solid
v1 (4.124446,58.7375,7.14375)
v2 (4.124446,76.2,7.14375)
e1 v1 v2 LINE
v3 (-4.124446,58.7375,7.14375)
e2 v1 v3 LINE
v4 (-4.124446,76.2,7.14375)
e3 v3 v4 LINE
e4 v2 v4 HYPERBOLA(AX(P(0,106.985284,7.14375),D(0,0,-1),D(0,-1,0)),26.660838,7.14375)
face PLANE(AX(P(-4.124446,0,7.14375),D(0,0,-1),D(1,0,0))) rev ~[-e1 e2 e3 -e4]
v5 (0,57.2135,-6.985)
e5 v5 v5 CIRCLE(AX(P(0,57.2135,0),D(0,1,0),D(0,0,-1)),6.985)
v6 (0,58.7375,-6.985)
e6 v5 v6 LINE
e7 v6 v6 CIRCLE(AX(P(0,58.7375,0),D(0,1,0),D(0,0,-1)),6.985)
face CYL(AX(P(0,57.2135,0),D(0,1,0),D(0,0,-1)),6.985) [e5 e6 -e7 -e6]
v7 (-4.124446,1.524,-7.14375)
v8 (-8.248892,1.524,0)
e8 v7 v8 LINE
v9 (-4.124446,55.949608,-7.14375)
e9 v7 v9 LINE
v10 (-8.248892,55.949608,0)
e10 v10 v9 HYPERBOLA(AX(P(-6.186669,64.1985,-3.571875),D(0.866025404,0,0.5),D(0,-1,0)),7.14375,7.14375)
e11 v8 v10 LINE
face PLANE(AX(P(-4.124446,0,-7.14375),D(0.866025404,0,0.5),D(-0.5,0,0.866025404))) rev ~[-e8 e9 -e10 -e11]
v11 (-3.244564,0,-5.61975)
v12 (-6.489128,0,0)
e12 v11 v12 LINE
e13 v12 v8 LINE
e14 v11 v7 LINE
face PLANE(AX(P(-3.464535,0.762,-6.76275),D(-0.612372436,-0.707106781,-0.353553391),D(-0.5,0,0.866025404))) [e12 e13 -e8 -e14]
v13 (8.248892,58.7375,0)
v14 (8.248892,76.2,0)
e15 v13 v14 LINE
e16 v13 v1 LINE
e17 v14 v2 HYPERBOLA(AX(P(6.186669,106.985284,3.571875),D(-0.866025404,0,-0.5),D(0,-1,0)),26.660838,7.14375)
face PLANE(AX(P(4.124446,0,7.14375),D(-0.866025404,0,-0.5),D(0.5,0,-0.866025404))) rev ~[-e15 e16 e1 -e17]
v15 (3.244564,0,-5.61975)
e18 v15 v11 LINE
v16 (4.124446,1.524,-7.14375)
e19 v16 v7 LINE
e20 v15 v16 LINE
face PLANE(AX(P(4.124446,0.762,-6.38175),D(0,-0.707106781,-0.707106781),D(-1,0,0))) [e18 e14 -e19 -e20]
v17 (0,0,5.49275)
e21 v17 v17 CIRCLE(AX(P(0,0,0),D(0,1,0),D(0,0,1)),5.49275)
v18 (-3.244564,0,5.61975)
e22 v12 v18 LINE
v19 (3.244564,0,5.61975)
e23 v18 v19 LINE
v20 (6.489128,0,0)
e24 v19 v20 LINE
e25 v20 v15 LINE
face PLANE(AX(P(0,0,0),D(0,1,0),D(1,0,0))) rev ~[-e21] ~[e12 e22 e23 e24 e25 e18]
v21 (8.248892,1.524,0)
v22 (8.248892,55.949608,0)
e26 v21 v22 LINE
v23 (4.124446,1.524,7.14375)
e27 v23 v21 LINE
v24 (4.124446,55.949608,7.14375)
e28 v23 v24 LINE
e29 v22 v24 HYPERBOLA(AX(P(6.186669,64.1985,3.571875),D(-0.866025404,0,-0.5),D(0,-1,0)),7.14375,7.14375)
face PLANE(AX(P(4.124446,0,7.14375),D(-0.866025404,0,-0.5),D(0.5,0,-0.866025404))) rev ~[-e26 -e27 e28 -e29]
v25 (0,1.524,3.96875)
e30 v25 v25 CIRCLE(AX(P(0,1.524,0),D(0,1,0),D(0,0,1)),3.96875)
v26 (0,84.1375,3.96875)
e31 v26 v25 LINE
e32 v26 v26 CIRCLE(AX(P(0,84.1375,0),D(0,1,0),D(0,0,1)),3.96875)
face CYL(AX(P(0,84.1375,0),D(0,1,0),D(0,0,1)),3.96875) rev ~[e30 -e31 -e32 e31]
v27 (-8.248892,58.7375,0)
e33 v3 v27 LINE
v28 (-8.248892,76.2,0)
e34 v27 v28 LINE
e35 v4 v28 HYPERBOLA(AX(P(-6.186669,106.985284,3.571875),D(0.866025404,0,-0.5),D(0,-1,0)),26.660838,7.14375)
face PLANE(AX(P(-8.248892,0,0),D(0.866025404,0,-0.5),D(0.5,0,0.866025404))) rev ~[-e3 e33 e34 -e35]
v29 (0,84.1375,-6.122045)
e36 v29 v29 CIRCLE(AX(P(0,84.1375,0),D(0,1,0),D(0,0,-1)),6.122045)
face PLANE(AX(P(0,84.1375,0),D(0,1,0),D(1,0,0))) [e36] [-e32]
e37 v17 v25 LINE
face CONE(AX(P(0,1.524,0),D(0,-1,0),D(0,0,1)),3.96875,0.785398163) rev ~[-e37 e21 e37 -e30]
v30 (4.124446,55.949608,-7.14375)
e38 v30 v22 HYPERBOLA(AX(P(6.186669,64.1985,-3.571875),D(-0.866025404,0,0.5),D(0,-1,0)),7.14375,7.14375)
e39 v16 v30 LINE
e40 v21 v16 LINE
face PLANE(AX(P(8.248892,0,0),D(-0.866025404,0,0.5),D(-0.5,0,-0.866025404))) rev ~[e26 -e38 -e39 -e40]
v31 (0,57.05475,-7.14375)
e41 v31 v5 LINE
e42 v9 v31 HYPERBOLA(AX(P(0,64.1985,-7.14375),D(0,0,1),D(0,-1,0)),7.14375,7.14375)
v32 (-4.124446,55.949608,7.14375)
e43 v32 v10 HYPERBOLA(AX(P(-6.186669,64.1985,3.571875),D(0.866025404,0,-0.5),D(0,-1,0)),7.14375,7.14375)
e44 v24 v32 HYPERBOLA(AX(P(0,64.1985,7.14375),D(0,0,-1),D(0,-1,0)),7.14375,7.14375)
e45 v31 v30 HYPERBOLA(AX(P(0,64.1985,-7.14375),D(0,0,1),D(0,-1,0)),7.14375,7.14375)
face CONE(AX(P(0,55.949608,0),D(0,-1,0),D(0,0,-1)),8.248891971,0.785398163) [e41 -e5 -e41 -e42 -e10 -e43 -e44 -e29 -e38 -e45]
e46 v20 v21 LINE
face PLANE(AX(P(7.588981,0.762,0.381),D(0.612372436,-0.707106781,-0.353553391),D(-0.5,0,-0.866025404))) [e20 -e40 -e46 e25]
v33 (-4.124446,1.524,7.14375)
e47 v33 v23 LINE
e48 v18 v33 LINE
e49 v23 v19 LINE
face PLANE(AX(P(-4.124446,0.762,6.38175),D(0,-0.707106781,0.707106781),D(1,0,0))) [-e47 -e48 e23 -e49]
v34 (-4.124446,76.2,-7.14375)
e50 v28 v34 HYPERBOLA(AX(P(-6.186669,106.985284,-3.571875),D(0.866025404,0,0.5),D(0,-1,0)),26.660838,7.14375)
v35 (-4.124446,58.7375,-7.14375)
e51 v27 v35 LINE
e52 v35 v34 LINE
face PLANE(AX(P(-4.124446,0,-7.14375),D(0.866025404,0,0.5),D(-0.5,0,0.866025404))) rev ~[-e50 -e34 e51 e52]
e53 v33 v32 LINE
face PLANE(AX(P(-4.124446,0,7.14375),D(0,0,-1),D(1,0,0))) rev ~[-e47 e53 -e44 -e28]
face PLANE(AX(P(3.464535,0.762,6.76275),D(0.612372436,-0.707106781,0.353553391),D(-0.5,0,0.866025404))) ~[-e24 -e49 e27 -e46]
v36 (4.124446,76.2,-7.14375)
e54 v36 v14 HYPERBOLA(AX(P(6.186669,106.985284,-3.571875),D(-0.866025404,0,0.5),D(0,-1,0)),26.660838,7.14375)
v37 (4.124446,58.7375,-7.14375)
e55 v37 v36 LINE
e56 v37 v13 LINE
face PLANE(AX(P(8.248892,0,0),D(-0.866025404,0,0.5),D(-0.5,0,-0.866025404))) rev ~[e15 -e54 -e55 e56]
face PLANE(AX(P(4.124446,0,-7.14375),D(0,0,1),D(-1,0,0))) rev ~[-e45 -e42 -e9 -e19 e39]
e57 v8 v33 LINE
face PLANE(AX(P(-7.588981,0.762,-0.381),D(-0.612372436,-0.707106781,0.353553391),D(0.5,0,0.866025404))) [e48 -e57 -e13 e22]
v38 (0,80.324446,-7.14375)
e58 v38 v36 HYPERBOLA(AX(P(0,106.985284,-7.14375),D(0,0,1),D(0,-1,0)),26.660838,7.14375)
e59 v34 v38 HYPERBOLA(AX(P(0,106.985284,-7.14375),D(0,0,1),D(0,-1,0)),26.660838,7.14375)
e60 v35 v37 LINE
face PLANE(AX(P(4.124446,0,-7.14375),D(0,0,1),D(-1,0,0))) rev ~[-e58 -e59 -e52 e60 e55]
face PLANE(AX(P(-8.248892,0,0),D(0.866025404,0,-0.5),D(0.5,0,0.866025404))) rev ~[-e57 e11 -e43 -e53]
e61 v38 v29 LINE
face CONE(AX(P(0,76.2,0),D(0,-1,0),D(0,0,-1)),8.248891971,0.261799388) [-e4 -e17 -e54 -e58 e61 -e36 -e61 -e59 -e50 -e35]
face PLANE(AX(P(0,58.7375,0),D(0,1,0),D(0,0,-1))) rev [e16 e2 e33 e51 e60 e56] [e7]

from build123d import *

# Parameters (mm, degrees)
EXTRUDE1_DEPTH     = 84.1375
SKETCH4_R          = 3.96875
CUT_EXTRUDE1_DEPTH = 85.842184608
CHAMFER1_SIZE      = 1.524


with BuildPart() as part:
    # Sketch1 → Extrude1 (new body)
    with BuildSketch(Plane(origin=(0, 0, 0), x_dir=(1, 0, 0), z_dir=(0, 1, 0))):
        Polygon((4.124445986, -7.14375), (8.248891971, 0), (4.124445986, 7.14375), (-4.124445986, 7.14375), (-8.248891971, 0), (-4.124445986, -7.14375), align=None)
    extrude(amount=EXTRUDE1_DEPTH)

    # Sketch4 → Cut-Extrude1 (cut, through all)
    with BuildSketch(Plane(origin=(0, 84.1375, 0), x_dir=(-1, 0, 0), z_dir=(0, 1, 0))):
        with Locations(Location((0, 0, 0), (0, 0, 90))):
            Circle(SKETCH4_R)
    extrude(amount=-CUT_EXTRUDE1_DEPTH, mode=Mode.SUBTRACT)

    # Sketch2 → Cut-Revolve1 (revolve, cut)
    with BuildSketch(Plane(origin=(0, 0, 0), x_dir=(-0.500000000000001, 0, -0.866025403784438), z_dir=(0.866025403784438, 0, -0.500000000000001)), mode=Mode.PRIVATE) as cut_revolve1_sk:
        Polygon((8.248891971, 84.1375), (8.248891971, 76.2), (6.122045256, 84.1375), align=None)
    revolve(cut_revolve1_sk.sketch.rotate(Axis((0, -6.288333001, 0), (0, 1, 0)), 330), axis=Axis((0, -6.288333001, 0), (0, 1, 0)), mode=Mode.SUBTRACT)

    # Sketch3 → Cut-Revolve2 (revolve, cut)
    with BuildSketch(Plane(origin=(0, 0, 0), x_dir=(-0.500000000000001, 0, -0.866025403784438), z_dir=(0.866025403784438, 0, -0.500000000000001)), mode=Mode.PRIVATE) as cut_revolve2_sk:
        Polygon((8.248891971, 55.949608029), (6.985, 57.2135), (6.985, 58.7375), (8.248891971, 58.7375), align=None)
    revolve(cut_revolve2_sk.sketch.rotate(Axis((0, -5.572817584, 0), (0, 1, 0)), 330), axis=Axis((0, -5.572817584, 0), (0, 1, 0)), mode=Mode.SUBTRACT)

    # Chamfer1
    chamfer1_edges = [part.edges().sort_by_distance(p)[0] for p in [
        (0, 0, -3.96875),
        (-6.186668978, 0, 3.571875),
        (-6.186668978, 0, -3.571875),
        (0, 0, -7.14375),
        (6.186668978, 0, -3.571875),
        (6.186668978, 0, 3.571875),
        (0, 0, 7.14375),
    ]]
    chamfer(chamfer1_edges, length=CHAMFER1_SIZE)


solid = part.part
